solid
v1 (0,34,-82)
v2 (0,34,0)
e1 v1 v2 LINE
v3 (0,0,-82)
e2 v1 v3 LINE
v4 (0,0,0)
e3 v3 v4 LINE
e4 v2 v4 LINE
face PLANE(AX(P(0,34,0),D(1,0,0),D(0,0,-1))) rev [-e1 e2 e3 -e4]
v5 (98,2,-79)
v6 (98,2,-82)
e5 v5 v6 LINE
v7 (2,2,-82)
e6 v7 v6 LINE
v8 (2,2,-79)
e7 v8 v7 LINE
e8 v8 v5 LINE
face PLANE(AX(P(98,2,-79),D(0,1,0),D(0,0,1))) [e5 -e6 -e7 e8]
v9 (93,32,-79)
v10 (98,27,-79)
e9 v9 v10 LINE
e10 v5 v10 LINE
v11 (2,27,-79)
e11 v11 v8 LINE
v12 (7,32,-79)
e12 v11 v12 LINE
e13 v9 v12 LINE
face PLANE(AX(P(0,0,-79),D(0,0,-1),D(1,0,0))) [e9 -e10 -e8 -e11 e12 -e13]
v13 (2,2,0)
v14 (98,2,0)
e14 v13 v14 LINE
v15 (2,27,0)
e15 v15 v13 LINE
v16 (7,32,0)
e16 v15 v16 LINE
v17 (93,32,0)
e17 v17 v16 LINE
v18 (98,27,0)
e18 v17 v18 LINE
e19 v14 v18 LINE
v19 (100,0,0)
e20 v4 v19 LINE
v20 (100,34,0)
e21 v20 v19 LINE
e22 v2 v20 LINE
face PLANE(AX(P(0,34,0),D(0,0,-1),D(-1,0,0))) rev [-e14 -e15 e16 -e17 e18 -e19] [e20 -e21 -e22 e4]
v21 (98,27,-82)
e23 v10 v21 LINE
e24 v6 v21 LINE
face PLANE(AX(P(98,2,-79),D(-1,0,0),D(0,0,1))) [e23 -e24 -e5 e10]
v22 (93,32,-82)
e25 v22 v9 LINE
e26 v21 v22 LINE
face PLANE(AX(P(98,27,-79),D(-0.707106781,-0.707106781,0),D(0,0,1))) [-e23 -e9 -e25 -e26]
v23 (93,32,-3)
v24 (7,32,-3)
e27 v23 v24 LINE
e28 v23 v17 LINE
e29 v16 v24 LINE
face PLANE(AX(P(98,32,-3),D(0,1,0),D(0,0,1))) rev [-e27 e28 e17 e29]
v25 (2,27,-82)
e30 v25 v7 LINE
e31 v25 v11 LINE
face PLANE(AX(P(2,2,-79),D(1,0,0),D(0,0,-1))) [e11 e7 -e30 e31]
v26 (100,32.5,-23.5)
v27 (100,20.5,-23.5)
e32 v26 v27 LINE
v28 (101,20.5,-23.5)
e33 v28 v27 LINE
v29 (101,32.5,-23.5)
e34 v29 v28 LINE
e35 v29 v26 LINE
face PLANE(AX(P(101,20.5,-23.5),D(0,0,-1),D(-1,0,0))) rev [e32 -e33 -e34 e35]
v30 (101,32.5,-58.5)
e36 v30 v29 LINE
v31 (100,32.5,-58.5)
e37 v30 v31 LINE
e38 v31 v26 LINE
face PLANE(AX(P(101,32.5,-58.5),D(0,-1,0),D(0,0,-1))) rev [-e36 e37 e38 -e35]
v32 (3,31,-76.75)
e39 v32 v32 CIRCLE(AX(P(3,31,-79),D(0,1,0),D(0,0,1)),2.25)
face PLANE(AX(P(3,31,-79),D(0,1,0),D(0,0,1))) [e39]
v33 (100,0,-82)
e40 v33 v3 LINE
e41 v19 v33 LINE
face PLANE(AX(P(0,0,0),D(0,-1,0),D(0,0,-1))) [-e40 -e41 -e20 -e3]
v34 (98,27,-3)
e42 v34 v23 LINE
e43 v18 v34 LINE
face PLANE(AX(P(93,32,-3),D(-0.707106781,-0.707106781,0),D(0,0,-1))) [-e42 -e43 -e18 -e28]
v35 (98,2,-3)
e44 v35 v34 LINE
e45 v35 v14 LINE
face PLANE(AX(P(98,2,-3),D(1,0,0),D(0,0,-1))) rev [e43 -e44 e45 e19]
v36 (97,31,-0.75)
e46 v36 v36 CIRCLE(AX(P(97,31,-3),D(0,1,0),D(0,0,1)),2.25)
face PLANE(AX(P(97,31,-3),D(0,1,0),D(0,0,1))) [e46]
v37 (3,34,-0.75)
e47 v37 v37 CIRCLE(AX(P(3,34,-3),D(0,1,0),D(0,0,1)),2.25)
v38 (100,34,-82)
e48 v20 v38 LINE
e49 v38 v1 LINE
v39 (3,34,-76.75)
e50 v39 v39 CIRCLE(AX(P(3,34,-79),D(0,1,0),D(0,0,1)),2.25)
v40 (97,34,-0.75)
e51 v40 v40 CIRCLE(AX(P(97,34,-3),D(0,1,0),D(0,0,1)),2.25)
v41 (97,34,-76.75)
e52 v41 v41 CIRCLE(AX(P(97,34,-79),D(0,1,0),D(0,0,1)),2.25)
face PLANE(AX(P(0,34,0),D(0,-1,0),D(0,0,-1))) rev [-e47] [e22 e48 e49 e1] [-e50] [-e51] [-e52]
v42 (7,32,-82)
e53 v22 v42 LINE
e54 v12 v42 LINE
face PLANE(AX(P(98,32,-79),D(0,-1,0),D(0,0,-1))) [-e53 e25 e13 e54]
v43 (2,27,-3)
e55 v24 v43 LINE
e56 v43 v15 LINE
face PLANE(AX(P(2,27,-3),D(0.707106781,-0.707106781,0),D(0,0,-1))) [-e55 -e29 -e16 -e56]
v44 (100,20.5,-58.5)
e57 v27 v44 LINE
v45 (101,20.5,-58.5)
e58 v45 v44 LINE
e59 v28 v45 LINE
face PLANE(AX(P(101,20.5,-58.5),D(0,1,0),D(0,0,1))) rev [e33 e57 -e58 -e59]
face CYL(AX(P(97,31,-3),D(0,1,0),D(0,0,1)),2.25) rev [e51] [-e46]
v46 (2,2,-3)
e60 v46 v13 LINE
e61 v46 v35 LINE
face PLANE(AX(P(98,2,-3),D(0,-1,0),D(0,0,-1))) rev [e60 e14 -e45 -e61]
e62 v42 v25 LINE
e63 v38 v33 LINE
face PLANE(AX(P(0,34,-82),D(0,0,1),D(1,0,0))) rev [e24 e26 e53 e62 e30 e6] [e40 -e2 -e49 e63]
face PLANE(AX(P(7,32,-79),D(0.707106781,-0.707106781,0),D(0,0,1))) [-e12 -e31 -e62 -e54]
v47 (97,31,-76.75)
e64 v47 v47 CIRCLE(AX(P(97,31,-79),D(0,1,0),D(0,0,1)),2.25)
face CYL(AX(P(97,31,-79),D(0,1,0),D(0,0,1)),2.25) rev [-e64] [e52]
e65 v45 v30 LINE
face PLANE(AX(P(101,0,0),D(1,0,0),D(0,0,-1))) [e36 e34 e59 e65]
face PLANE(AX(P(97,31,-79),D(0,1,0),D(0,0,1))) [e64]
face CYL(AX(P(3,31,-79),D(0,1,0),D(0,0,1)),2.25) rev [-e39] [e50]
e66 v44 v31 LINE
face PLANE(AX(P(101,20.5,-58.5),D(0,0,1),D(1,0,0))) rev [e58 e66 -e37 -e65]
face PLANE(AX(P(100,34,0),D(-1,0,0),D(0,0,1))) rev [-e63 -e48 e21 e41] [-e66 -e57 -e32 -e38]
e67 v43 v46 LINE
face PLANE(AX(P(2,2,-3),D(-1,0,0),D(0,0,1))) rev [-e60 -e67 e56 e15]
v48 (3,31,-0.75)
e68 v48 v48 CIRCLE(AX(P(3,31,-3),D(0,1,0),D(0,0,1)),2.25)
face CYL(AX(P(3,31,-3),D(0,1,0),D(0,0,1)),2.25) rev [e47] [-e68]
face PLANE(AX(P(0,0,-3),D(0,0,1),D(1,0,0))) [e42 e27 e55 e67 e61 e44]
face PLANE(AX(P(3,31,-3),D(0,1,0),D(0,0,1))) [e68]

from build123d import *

# Parameters (mm, degrees)
SKETCH1_W                = 100
SKETCH1_H                = 82
BOSS_EXTRUDE1_DEPTH      = 34
SKETCH2_W                = 96
SKETCH2_H                = 30
CUT_EXTRUDE1_DEPTH       = 3
CHAMFER1_SIZE            = 5
CHAMFER1_OF_MIRROR4_SIZE = 5
SKETCH3_R                = 2.25
CUT_EXTRUDE2_DEPTH       = 3
SKETCH4_W                = 35
SKETCH4_H                = 12
BOSS_EXTRUDE2_DEPTH      = 1


with BuildPart() as part:
    # Sketch1 → Boss-Extrude1 (new body)
    with BuildSketch(Plane(origin=(0, 0, 0), x_dir=(1, 0, 0), z_dir=(0, 1, 0))):
        with Locations((50, 41)):
            Rectangle(SKETCH1_W, SKETCH1_H)
    extrude(amount=BOSS_EXTRUDE1_DEPTH)

    # Sketch2 → Cut-Extrude1 (cut)
    with BuildSketch(Plane.XY):
        with Locations((50, 17)):
            Rectangle(SKETCH2_W, SKETCH2_H)
    cut_extrude1 = extrude(amount=-CUT_EXTRUDE1_DEPTH, mode=Mode.SUBTRACT)

    # Chamfer1
    chamfer1_edges = [part.edges().sort_by_distance(p)[0] for p in [
        (2, 32, -1.5),
        (98, 32, -1.5),
    ]]
    chamfer(chamfer1_edges, length=CHAMFER1_SIZE)

    # Mirror4: Cut-Extrude1 across plane
    add(cut_extrude1.mirror(Plane.XY.offset(-41)), mode=Mode.SUBTRACT)

    # Chamfer1 of Mirror4
    chamfer1_of_mirror4_edges = [part.edges().sort_by_distance(p)[0] for p in [
        (2, 32, -80.5),
        (98, 32, -80.5),
    ]]
    chamfer(chamfer1_of_mirror4_edges, length=CHAMFER1_OF_MIRROR4_SIZE)

    # Sketch3 → Cut-Extrude2 (cut)
    with BuildSketch(Plane(origin=(0, 34, 0), x_dir=(1, 0, 0), z_dir=(0, 1, 0))):
        with Locations(Location((3, 79, 0), (0, 0, 270))):
            Circle(SKETCH3_R)
        with Locations(Location((3, 3, 0), (0, 0, 270))):
            Circle(SKETCH3_R)
        with Locations(Location((97, 3, 0), (0, 0, 270))):
            Circle(SKETCH3_R)
        with Locations(Location((97, 79, 0), (0, 0, 270))):
            Circle(SKETCH3_R)
    extrude(amount=-CUT_EXTRUDE2_DEPTH, mode=Mode.SUBTRACT)

    # Sketch4 → Boss-Extrude2 (add)
    with BuildSketch(Plane(origin=(100, 0, 0), x_dir=(0, 0, -1), z_dir=(1, 0, 0))):
        with Locations((41, 26.5)):
            Rectangle(SKETCH4_W, SKETCH4_H)
    extrude(amount=BOSS_EXTRUDE2_DEPTH)


solid = part.part
